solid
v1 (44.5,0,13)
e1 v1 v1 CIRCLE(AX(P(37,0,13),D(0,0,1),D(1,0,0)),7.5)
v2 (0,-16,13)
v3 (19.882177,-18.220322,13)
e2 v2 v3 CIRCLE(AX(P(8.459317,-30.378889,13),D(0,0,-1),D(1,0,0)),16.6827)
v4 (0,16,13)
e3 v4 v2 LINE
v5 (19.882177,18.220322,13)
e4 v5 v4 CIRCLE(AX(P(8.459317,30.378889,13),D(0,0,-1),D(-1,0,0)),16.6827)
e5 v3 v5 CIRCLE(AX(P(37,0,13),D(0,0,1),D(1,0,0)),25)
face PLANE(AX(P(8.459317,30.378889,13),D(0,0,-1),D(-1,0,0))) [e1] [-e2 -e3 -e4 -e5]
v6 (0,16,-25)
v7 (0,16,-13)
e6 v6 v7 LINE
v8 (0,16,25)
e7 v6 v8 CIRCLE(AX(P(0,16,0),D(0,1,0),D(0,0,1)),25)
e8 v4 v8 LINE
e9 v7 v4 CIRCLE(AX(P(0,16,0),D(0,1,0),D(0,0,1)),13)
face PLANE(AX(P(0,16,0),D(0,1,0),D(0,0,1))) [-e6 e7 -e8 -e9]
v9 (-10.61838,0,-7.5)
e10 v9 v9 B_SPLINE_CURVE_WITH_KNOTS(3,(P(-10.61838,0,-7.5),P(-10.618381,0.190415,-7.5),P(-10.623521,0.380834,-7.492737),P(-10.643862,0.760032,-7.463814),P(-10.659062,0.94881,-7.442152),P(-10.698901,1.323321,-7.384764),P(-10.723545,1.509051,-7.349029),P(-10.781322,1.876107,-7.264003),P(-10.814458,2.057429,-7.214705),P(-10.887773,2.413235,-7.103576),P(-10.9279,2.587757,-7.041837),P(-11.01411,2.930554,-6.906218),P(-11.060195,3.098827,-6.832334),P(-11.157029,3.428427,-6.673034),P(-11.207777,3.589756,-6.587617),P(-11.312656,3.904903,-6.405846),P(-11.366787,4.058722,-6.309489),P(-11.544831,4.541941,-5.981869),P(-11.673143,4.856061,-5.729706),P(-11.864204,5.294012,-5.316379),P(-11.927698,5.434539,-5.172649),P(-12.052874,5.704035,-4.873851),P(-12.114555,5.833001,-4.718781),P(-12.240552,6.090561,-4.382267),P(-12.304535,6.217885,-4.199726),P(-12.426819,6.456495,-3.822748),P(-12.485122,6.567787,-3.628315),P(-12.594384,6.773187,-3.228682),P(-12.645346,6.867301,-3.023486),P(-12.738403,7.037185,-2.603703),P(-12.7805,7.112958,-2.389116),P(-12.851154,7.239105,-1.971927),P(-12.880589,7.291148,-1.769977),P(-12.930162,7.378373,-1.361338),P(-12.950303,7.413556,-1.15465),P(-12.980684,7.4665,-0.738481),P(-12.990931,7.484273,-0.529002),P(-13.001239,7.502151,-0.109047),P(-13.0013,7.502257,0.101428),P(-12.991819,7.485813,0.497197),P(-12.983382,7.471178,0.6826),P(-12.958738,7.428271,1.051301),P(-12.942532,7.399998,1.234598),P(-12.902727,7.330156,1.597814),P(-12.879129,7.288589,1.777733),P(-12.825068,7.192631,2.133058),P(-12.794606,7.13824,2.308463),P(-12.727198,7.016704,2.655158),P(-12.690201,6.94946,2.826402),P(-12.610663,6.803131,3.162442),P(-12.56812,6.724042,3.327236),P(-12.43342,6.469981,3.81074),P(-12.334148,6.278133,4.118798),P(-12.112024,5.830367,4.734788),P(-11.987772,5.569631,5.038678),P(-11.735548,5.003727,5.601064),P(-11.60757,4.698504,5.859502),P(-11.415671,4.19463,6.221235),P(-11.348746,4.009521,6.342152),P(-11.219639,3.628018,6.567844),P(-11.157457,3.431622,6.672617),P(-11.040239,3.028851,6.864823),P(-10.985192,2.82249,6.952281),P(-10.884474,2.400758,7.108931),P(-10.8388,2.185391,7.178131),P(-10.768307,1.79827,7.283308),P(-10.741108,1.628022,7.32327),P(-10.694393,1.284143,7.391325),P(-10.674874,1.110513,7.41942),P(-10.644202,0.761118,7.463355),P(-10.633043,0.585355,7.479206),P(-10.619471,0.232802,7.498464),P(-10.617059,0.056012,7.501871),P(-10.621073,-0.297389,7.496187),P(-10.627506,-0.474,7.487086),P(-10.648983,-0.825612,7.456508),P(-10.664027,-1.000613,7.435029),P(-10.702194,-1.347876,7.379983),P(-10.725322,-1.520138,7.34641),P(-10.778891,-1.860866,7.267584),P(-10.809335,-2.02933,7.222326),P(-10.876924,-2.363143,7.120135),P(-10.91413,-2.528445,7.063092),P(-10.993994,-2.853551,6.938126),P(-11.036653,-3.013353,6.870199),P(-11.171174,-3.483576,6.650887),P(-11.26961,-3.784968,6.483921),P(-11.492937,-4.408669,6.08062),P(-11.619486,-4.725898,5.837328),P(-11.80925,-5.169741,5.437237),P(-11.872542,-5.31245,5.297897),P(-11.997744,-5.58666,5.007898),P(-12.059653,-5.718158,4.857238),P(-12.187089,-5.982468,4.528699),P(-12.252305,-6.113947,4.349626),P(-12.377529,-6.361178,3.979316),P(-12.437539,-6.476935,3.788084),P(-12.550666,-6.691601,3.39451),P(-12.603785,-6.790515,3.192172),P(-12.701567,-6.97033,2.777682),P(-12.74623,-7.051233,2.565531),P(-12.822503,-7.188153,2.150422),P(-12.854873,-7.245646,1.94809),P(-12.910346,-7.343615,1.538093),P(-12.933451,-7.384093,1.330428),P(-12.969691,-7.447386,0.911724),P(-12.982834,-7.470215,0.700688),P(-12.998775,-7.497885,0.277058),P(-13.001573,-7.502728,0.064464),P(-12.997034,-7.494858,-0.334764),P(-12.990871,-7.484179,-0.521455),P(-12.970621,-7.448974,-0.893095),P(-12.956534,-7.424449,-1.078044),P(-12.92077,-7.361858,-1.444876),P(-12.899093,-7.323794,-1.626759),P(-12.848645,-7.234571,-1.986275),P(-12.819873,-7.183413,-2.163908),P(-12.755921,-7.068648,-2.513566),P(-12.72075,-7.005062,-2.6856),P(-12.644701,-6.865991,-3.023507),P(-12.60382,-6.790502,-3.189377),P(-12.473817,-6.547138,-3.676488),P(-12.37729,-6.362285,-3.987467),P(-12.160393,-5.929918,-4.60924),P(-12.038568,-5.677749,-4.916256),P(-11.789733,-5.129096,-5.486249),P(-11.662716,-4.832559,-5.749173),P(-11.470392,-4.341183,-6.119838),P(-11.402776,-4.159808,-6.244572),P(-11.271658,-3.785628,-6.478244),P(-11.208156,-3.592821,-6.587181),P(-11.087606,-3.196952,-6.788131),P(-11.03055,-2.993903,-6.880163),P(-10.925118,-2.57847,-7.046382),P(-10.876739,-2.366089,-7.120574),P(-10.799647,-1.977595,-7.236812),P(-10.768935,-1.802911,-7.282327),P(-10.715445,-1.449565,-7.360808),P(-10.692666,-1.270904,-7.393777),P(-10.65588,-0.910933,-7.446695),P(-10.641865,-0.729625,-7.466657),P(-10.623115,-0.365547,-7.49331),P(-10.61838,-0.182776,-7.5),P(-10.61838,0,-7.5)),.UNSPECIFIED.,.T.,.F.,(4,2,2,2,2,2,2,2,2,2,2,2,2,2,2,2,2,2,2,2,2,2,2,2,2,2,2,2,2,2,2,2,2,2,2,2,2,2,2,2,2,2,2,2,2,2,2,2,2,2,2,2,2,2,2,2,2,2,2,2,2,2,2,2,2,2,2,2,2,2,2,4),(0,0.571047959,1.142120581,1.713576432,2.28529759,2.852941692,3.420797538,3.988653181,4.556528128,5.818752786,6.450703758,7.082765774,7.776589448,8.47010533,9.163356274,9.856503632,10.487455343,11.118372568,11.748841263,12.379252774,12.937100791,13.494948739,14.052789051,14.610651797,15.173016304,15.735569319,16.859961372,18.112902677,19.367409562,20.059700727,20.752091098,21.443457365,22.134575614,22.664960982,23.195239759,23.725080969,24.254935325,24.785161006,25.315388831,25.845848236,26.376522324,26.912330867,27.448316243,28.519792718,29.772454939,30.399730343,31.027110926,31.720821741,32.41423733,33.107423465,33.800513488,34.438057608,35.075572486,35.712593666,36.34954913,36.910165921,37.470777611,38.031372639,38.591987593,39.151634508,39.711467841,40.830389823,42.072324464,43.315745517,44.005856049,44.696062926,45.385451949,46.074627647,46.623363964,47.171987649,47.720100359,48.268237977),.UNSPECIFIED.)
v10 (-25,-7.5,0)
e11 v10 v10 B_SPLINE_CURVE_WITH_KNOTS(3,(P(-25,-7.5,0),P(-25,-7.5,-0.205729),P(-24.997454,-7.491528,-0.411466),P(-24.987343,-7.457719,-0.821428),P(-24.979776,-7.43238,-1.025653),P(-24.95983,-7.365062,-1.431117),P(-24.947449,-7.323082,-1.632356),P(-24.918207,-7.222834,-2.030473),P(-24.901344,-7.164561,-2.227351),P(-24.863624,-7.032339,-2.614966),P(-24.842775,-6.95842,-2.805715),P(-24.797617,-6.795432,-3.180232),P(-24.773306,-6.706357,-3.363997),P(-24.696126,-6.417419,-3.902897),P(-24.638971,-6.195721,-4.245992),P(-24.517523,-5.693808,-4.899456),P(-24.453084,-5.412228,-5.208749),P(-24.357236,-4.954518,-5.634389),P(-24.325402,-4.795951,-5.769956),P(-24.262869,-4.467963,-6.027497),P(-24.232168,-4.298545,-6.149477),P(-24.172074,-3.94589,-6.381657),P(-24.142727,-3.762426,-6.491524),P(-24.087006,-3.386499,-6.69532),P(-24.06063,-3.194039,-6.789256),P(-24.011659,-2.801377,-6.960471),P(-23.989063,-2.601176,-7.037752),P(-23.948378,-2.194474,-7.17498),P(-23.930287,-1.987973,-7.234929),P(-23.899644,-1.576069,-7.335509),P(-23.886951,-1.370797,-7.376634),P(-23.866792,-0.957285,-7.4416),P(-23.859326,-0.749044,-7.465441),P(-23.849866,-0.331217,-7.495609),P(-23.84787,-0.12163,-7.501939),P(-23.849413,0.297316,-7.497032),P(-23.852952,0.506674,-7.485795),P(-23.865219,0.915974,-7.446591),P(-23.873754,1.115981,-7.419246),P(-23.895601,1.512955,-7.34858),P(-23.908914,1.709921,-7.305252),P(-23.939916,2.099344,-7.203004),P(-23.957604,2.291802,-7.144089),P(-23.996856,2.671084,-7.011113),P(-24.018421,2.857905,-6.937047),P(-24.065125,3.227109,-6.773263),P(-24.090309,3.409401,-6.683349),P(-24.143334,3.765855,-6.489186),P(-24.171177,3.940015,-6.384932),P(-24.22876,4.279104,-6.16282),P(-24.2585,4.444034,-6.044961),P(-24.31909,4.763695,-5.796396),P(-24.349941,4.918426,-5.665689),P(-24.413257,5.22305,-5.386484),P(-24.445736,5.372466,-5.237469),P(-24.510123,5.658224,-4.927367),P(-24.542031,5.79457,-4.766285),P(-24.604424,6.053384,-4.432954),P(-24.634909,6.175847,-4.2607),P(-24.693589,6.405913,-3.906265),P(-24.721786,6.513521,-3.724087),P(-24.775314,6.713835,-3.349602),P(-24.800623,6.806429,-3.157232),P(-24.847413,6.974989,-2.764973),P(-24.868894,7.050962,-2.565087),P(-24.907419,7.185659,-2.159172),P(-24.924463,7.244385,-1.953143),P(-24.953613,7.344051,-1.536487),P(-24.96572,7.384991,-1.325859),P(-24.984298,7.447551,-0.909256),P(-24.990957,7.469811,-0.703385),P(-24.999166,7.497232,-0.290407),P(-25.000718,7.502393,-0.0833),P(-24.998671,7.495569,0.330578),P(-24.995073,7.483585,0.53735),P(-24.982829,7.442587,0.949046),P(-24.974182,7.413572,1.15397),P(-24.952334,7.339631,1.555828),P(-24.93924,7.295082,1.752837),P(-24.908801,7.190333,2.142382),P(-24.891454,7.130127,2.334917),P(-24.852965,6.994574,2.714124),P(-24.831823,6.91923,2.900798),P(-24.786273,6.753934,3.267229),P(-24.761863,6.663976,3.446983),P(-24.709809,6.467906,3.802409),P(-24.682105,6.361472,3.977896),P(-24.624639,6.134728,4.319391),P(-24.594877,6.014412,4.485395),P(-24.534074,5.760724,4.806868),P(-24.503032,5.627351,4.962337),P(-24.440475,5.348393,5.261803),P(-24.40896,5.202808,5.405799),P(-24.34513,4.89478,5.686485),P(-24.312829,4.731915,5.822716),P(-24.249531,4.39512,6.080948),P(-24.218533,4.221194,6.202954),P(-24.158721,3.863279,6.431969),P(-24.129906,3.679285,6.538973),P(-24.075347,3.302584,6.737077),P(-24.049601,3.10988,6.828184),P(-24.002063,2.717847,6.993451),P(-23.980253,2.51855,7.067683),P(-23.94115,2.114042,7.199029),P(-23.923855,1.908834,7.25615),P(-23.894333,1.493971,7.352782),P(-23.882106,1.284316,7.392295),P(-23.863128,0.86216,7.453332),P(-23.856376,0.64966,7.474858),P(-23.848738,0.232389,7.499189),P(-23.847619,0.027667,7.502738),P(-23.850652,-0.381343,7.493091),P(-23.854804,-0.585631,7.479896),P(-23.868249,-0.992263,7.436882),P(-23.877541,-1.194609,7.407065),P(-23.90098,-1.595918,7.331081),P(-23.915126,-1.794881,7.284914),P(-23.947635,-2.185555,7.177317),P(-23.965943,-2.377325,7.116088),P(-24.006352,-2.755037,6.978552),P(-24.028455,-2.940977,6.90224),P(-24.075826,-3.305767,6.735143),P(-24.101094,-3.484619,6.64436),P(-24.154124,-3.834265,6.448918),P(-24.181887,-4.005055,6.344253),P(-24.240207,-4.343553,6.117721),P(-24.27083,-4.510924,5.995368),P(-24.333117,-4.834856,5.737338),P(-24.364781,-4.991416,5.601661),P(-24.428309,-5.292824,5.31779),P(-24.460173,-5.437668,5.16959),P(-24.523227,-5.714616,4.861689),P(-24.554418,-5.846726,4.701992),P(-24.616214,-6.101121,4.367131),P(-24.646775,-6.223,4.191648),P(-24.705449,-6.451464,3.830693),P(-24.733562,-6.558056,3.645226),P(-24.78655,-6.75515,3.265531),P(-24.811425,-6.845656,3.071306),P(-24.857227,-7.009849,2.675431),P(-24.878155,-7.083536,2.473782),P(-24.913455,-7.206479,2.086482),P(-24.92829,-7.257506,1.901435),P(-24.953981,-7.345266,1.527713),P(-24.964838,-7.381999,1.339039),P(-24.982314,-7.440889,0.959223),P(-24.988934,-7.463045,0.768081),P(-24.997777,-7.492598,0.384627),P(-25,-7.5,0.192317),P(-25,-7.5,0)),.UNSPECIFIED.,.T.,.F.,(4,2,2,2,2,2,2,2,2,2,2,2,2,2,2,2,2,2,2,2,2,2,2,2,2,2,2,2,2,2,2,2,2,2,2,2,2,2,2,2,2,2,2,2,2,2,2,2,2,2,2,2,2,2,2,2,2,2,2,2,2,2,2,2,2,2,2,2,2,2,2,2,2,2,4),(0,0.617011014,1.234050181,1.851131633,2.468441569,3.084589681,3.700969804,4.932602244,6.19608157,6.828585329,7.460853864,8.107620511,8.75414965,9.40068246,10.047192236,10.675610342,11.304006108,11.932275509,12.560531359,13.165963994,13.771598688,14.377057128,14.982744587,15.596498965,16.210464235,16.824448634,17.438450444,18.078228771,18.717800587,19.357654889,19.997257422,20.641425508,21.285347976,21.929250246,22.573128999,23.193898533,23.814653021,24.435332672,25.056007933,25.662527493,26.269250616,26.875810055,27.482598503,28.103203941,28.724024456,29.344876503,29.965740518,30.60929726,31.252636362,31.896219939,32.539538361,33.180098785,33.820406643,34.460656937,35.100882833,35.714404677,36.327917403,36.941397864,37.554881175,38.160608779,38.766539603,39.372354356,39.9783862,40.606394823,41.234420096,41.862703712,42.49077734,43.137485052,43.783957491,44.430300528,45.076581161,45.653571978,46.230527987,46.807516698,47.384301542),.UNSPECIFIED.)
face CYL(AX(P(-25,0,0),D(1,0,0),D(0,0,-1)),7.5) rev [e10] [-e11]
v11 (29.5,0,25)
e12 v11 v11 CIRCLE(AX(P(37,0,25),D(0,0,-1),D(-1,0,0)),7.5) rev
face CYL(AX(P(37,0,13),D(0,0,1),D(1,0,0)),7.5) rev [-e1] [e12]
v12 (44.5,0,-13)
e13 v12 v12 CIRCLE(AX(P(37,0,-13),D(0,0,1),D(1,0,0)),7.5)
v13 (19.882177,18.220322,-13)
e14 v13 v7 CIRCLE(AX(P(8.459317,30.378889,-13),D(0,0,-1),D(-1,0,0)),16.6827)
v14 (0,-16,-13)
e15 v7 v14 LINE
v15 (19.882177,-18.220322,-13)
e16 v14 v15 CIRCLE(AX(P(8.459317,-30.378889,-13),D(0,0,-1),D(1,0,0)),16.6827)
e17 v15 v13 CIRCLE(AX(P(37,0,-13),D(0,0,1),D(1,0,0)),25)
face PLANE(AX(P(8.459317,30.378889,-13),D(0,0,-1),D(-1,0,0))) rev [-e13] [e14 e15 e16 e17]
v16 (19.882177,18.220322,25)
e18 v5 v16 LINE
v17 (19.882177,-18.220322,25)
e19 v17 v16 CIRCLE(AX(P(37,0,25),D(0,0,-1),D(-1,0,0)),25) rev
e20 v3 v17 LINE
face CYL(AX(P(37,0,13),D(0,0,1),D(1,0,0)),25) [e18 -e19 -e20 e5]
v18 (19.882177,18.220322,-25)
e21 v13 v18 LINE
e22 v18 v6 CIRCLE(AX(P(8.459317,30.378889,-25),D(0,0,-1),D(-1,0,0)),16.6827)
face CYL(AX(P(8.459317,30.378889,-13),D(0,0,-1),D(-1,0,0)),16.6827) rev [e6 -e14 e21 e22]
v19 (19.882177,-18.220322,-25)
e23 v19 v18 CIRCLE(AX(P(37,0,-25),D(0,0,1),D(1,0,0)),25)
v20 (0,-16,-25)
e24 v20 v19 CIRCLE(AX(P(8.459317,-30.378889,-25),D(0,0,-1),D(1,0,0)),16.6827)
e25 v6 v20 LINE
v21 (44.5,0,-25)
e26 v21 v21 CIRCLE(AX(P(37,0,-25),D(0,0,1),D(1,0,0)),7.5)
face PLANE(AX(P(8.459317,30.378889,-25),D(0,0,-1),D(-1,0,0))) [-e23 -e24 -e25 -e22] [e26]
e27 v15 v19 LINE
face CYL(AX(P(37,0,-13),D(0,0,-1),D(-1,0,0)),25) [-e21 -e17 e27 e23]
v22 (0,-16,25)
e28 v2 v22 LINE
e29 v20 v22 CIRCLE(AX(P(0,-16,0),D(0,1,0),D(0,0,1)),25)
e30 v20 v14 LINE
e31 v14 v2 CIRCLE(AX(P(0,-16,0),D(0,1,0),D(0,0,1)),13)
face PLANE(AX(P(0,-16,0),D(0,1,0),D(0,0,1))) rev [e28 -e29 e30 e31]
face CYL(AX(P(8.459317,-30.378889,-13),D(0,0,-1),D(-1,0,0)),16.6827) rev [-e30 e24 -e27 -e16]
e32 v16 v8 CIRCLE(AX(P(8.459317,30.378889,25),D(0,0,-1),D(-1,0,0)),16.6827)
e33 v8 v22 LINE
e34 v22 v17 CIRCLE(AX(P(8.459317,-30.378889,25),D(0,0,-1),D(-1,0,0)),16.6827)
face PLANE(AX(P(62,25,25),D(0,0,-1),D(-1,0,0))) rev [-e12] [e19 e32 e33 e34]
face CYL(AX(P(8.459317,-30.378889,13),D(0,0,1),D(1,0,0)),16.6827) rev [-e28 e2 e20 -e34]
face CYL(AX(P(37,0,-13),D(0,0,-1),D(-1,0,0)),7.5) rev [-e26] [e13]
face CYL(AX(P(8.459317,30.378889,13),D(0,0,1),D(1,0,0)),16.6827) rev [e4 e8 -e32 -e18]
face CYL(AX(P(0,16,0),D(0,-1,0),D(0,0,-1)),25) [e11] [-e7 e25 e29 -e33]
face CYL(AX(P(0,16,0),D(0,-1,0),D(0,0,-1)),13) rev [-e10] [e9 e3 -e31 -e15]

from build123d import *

# Parameters (mm, degrees)
BOSS_EXTRUDE1_DEPTH = 16
BOSS_EXTRUDE2_START = -27
SKETCH3_R           = 7.5
BOSS_EXTRUDE2_DEPTH = 27
SKETCH7_W           = 15
SKETCH7_H           = 50
CUT_EXTRUDE1_DEPTH  = 63
SKETCH8_R           = 7.5
BOSS_EXTRUDE6_DEPTH = 12
SKETCH9_R           = 7.5
CUT_EXTRUDE2_DEPTH  = 26


with BuildPart() as part:
    # Sketch1 → Boss-Extrude1 (new body, symmetric)
    with BuildSketch(Plane(origin=(0, 0, 0), x_dir=(1, 0, 0), z_dir=(0, 1, 0))):
        with BuildLine():
            Line((0, 13), (0, 25))
            ThreePointArc((0, 25), (-25, 0), (0, -25))
            Line((0, -25), (0, -13))
            ThreePointArc((0, -13), (-13, 0), (0, 13))
        make_face()
    extrude(amount=BOSS_EXTRUDE1_DEPTH, both=True)

    # Sketch3 → Boss-Extrude2 (add)
    with BuildSketch(Plane.XY.offset(40).offset(BOSS_EXTRUDE2_START)):
        with BuildLine():
            Line((0, 16), (0, -16))
            ThreePointArc((0, -16), (10.310830972, -13.799251334), (19.882176961, -18.220322017))
            ThreePointArc((19.882176961, -18.220322017), (62, 0), (19.882176961, 18.220322017))
            ThreePointArc((19.882176961, 18.220322017), (10.310830972, 13.799251334), (0, 16))
        make_face()
        with Locations((37, 0)):
            Circle(SKETCH3_R, mode=Mode.SUBTRACT)
    extrude(amount=BOSS_EXTRUDE2_DEPTH)

    # Sketch7 → Cut-Extrude1 (cut, through all)
    with BuildSketch(Plane.ZY):
        with Locations((32.5, 0)):
            Rectangle(SKETCH7_W, SKETCH7_H)
    extrude(amount=-CUT_EXTRUDE1_DEPTH, mode=Mode.SUBTRACT)

    # Sketch8 → Boss-Extrude6 (add)
    with BuildSketch(Plane.XY.offset(-25)):
        with BuildLine():
            Line((0, -16), (0, 16))
            ThreePointArc((0, 16), (10.310830972, 13.799251334), (19.882176961, 18.220322017))
            ThreePointArc((19.882176961, 18.220322017), (62, 0), (19.882176961, -18.220322017))
            ThreePointArc((19.882176961, -18.220322017), (10.310830972, -13.799251334), (0, -16))
        make_face()
        with Locations((37, 0)):
            Circle(SKETCH8_R, mode=Mode.SUBTRACT)
    extrude(amount=BOSS_EXTRUDE6_DEPTH)

    # Sketch9 → Cut-Extrude2 (cut, through all)
    with BuildSketch(Plane(origin=(0, 0, 0), x_dir=(0, 0, -1), z_dir=(1, 0, 0))):
        Circle(SKETCH9_R)
    extrude(amount=-CUT_EXTRUDE2_DEPTH, mode=Mode.SUBTRACT)


solid = part.part
